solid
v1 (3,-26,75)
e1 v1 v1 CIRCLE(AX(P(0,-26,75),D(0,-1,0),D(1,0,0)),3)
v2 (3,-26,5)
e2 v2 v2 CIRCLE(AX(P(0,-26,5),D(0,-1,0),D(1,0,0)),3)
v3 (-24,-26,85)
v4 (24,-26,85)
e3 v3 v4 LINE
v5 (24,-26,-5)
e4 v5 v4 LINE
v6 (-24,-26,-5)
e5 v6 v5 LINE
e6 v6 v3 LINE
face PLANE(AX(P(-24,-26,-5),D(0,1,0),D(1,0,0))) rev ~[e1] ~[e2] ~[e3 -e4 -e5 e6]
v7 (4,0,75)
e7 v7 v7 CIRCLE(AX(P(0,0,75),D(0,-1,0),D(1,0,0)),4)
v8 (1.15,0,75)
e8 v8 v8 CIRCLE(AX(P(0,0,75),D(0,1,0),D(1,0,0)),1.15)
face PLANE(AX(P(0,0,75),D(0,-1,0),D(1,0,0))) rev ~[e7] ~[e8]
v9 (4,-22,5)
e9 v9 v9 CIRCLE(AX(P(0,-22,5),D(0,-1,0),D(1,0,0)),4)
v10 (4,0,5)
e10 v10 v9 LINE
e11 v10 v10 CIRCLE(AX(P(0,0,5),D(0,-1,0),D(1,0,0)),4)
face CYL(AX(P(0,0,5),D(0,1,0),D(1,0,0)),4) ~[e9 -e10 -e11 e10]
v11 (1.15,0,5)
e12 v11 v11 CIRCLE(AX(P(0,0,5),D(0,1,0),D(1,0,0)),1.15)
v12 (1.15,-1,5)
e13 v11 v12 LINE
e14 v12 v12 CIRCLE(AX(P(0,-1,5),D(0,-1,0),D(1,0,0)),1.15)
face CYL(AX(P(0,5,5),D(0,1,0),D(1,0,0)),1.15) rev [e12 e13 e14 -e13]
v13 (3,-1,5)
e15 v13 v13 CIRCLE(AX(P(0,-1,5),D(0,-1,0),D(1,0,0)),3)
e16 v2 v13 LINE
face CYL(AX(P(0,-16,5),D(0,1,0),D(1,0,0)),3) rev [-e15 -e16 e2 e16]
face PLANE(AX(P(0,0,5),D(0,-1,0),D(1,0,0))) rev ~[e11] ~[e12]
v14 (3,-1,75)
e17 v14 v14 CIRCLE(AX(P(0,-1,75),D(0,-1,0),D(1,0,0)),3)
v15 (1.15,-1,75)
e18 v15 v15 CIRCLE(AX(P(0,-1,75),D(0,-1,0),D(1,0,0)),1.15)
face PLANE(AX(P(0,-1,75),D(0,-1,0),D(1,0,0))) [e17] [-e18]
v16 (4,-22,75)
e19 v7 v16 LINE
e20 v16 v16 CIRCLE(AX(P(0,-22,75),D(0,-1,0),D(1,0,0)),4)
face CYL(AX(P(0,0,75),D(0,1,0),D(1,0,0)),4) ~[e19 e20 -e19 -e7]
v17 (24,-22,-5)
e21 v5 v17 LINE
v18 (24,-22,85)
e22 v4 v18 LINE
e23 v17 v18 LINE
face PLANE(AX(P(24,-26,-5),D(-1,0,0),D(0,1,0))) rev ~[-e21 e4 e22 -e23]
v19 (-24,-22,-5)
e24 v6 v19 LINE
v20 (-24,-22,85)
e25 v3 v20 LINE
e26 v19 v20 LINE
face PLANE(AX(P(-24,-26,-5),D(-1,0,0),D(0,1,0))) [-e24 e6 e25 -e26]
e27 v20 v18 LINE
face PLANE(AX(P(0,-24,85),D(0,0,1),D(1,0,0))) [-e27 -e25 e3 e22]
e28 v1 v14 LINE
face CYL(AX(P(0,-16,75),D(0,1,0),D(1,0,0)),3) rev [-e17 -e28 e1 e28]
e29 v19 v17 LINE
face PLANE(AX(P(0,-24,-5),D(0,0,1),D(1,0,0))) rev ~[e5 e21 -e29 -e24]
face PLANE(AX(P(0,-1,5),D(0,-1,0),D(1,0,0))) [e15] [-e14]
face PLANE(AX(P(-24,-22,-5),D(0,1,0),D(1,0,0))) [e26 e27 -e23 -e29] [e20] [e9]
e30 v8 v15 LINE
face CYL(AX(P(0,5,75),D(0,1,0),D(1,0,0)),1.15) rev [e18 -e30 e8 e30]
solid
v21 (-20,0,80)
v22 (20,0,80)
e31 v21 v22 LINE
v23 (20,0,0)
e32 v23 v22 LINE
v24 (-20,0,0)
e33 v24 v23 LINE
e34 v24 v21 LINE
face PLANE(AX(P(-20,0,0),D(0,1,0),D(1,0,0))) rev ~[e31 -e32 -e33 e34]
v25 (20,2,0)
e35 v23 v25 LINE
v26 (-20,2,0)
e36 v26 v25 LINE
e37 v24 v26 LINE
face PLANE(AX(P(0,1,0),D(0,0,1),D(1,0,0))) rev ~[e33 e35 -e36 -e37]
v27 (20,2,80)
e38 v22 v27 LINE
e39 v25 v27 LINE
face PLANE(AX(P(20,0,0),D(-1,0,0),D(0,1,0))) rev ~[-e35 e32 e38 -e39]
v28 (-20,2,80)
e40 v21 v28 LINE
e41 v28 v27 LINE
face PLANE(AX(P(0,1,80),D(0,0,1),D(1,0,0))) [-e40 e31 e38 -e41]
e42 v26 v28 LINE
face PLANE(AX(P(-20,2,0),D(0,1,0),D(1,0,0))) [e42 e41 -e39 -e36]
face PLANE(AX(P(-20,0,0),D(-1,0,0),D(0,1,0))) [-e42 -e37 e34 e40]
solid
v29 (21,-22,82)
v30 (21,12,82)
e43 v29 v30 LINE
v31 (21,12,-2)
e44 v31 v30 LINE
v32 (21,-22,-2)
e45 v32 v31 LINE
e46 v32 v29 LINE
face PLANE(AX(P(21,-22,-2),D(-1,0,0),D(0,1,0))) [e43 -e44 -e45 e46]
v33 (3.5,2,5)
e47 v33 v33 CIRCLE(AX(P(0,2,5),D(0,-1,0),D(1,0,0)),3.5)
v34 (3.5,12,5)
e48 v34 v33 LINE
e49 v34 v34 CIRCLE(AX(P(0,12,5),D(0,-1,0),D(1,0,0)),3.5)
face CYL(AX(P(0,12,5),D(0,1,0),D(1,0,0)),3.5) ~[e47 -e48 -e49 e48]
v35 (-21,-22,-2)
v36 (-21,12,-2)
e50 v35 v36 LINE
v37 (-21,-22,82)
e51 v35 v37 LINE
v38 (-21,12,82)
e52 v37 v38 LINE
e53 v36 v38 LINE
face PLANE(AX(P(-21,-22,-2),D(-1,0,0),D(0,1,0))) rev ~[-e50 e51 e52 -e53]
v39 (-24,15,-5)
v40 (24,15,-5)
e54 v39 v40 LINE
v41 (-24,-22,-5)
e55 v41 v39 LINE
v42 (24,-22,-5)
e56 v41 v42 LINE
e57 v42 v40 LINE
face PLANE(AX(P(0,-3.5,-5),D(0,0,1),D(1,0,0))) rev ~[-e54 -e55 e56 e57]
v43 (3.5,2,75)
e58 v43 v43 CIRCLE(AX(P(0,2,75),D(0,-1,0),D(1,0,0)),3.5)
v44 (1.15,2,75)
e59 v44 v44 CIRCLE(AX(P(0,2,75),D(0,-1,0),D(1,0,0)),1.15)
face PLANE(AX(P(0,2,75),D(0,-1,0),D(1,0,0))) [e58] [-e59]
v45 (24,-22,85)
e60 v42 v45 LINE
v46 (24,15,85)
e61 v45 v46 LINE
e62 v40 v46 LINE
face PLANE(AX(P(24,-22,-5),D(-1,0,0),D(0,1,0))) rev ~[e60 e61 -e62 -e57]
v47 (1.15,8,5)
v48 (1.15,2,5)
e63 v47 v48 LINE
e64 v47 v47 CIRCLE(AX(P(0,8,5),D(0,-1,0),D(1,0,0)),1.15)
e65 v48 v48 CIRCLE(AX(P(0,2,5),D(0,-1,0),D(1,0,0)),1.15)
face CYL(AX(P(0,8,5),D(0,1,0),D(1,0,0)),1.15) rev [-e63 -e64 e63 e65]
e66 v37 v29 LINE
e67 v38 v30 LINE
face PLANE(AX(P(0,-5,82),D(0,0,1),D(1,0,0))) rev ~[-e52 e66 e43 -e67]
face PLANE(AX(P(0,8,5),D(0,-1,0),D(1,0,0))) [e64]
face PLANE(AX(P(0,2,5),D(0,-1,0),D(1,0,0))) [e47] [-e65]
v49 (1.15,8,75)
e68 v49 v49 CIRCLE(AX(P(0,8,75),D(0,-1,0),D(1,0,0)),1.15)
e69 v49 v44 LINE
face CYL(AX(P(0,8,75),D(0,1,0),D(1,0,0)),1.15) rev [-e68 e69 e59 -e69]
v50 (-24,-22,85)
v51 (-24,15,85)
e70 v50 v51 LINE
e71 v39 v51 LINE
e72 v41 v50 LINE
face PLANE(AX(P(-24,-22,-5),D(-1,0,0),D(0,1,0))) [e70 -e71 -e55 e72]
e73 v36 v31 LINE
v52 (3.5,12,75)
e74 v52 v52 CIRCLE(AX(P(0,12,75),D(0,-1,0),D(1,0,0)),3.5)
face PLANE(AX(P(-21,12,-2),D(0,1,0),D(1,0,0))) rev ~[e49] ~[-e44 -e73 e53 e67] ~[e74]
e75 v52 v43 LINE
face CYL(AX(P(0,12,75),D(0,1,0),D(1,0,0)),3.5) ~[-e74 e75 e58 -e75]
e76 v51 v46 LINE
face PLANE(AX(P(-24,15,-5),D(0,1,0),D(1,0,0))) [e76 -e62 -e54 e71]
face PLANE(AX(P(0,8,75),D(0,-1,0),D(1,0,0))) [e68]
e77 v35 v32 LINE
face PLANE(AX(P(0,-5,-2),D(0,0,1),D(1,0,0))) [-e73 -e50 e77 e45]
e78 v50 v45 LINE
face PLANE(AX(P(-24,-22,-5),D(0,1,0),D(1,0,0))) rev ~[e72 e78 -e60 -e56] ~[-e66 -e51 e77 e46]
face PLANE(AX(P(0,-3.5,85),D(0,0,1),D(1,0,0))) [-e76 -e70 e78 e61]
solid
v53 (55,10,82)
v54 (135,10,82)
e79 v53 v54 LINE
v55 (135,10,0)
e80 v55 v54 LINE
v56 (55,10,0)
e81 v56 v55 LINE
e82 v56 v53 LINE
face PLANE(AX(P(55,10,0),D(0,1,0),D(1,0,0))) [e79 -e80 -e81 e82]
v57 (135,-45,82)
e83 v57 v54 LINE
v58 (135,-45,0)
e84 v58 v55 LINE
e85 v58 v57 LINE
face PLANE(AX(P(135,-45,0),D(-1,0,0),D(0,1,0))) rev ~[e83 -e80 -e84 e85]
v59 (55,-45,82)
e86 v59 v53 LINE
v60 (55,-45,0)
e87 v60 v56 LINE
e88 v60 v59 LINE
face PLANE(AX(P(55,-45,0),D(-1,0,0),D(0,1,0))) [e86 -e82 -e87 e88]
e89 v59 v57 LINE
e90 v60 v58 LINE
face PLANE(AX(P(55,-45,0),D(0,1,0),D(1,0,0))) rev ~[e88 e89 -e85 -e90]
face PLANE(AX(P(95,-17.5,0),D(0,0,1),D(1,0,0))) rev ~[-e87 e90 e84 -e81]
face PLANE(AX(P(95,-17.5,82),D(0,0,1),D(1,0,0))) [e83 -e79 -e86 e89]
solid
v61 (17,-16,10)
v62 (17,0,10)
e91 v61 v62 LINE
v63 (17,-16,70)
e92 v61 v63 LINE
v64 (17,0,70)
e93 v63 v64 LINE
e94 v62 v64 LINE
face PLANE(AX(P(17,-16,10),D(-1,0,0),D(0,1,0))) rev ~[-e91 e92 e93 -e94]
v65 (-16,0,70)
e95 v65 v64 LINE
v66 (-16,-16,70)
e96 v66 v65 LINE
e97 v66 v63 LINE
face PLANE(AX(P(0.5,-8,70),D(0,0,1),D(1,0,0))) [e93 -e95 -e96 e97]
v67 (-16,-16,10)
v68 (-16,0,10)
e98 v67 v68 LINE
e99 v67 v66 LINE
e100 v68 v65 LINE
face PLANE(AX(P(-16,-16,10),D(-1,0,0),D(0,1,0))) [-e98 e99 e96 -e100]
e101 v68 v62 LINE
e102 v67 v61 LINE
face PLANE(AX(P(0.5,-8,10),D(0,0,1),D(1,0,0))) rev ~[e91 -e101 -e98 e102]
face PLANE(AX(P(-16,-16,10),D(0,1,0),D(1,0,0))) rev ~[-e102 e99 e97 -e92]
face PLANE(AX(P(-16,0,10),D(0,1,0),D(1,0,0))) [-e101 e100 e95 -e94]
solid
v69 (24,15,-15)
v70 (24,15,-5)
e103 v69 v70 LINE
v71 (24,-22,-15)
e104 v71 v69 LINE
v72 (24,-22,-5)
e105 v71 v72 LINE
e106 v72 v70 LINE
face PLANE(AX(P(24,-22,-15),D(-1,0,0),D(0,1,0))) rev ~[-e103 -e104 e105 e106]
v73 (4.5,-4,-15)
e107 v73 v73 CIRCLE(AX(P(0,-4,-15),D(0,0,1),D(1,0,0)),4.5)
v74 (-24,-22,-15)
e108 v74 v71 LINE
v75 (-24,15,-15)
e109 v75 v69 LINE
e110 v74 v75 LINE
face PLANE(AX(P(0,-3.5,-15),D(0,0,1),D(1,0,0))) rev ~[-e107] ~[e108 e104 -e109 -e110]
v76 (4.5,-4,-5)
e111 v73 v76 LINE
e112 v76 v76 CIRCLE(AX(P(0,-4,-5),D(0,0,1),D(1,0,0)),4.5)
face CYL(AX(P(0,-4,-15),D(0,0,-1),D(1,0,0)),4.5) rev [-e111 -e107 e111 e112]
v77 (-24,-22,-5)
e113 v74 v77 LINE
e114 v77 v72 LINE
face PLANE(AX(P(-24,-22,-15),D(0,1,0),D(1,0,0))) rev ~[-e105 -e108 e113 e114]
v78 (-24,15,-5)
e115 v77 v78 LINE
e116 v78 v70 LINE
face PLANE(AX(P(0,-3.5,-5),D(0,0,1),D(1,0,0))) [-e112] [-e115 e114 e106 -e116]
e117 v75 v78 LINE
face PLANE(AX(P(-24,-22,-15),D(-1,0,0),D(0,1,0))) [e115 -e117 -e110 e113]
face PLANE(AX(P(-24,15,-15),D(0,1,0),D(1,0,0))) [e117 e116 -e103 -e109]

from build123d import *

# Parameters (mm, degrees)
BOX_W                  = 40
BOX_H                  = 2
BOX_DEPTH              = 80
BOX001_W               = 33
BOX001_H               = 16
BOX001_DEPTH           = 60
BOX002_W               = 80
BOX002_H               = 55
BOX002_DEPTH           = 82
CYLINDER016_R          = 3
CYLINDER016_DEPTH      = 10
CYLINDER016_ROLL_ANGLE = 90
CYLINDER015_R          = 3
CYLINDER015_DEPTH      = 10
CYLINDER015_ROLL_ANGLE = 90
BOX005_W               = 48
BOX005_H               = 4
BOX005_DEPTH           = 90
CYLINDER014_R          = 3
CYLINDER014_DEPTH      = 22
CYLINDER014_ROLL_ANGLE = 90
CYLINDER012_R          = 1.15
CYLINDER012_DEPTH      = 6
CYLINDER012_ROLL_ANGLE = 90
CYLINDER011_R          = 4
CYLINDER011_DEPTH      = 22
CYLINDER011_ROLL_ANGLE = 90
CYLINDER_R             = 3
CYLINDER_DEPTH         = 22
CYLINDER_ROLL_ANGLE    = 90
CYLINDER013_R          = 1.15
CYLINDER013_DEPTH      = 6
CYLINDER013_ROLL_ANGLE = 90
CYLINDER010_R          = 4
CYLINDER010_DEPTH      = 22
CYLINDER010_ROLL_ANGLE = 90
CYLINDER005_R          = 1.15
CYLINDER005_DEPTH      = 6
CYLINDER005_ROLL_ANGLE = 90
CYLINDER004_R          = 1.15
CYLINDER004_DEPTH      = 6
CYLINDER004_ROLL_ANGLE = 90
CYLINDER003_R          = 3.5
CYLINDER003_DEPTH      = 10
CYLINDER003_ROLL_ANGLE = 90
CYLINDER002_R          = 3.5
CYLINDER002_DEPTH      = 10
CYLINDER002_ROLL_ANGLE = 90
BOX004_W               = 42
BOX004_H               = 34
BOX004_DEPTH           = 84
BOX003_W               = 48
BOX003_H               = 37
BOX003_DEPTH           = 90
CYLINDER017_R          = 4.5
CYLINDER017_DEPTH      = 10
BOX006_W               = 48
BOX006_H               = 37
BOX006_DEPTH           = 10


with BuildPart() as pcb:
    # Box → Box (new body)
    with BuildSketch(Plane(origin=(-20, 0, 0), x_dir=(1, 0, 0), z_dir=(0, 0, 1))):
        with Locations((20, 1)):
            Rectangle(BOX_W, BOX_H)
    extrude(amount=BOX_DEPTH)


with BuildPart() as aa_battery:
    # Box001 → Box001 (new body)
    with BuildSketch(Plane(origin=(-16, -16, 10), x_dir=(1, 0, 0), z_dir=(0, 0, 1))):
        with Locations((16.5, 8)):
            Rectangle(BOX001_W, BOX001_H)
    extrude(amount=BOX001_DEPTH)


with BuildPart() as g366:
    # Box002 → Box002 (new body)
    with BuildSketch(Plane(origin=(55, -45, 0), x_dir=(1, 0, 0), z_dir=(0, 0, 1))):
        with Locations((40, 27.5)):
            Rectangle(BOX002_W, BOX002_H)
    extrude(amount=BOX002_DEPTH)


with BuildPart() as back_mount_cut004:
    # Cylinder016 → Cylinder016 (new body)
    with BuildSketch(Plane.XY):
        Circle(CYLINDER016_R)
    extrude(amount=CYLINDER016_DEPTH)


with BuildPart() as back_mount_cut004_1:
    # Cylinder016 roll: moved
    add(back_mount_cut004.part.rotate(Axis((0, 0, 0), (1, 0, 0)), CYLINDER016_ROLL_ANGLE))


with BuildPart() as back_mount_cut004_2:
    # Cylinder016 placement: moved
    add(back_mount_cut004_1.part.moved(Location((0, -16, 5))))


with BuildPart() as fusion006:
    # Cylinder015 → Cylinder015 (new body)
    with BuildSketch(Plane.XY):
        Circle(CYLINDER015_R)
    extrude(amount=CYLINDER015_DEPTH)


with BuildPart() as fusion006_1:
    # Cylinder015 roll: moved
    add(fusion006.part.rotate(Axis((0, 0, 0), (1, 0, 0)), CYLINDER015_ROLL_ANGLE))


with BuildPart() as fusion006_2:
    # Cylinder015 placement: moved
    add(fusion006_1.part.moved(Location((0, -16, 75))))

    # Fusion006: union Back_Mount_cut004
    add(back_mount_cut004_2.part)


with BuildPart() as cut003:
    # Box005 → Box005 (new body)
    with BuildSketch(Plane(origin=(-24, -26, -5), x_dir=(1, 0, 0), z_dir=(0, 0, 1))):
        with Locations((24, 2)):
            Rectangle(BOX005_W, BOX005_H)
    extrude(amount=BOX005_DEPTH)

    # Cut003: cut Fusion006
    add(fusion006_2.part, mode=Mode.SUBTRACT)


with BuildPart() as cylinder014:
    # Cylinder014 → Cylinder014 (new body)
    with BuildSketch(Plane.XY):
        Circle(CYLINDER014_R)
    extrude(amount=CYLINDER014_DEPTH)


with BuildPart() as cylinder014_1:
    # Cylinder014 roll: moved
    add(cylinder014.part.rotate(Axis((0, 0, 0), (1, 0, 0)), CYLINDER014_ROLL_ANGLE))


with BuildPart() as cylinder014_2:
    # Cylinder014 placement: moved
    add(cylinder014_1.part.moved(Location((0, -1, 5))))


with BuildPart() as fusion004:
    # Cylinder012 → Cylinder012 (new body)
    with BuildSketch(Plane.XY):
        Circle(CYLINDER012_R)
    extrude(amount=CYLINDER012_DEPTH)


with BuildPart() as fusion004_1:
    # Cylinder012 roll: moved
    add(fusion004.part.rotate(Axis((0, 0, 0), (1, 0, 0)), CYLINDER012_ROLL_ANGLE))


with BuildPart() as fusion004_2:
    # Cylinder012 placement: moved
    add(fusion004_1.part.moved(Location((0, 5, 5))))

    # Fusion004: union Cylinder014
    add(cylinder014_2.part)


with BuildPart() as cut001:
    # Cylinder011 → Cylinder011 (new body)
    with BuildSketch(Plane.XY):
        Circle(CYLINDER011_R)
    extrude(amount=CYLINDER011_DEPTH)


with BuildPart() as cut001_1:
    # Cylinder011 roll: moved
    add(cut001.part.rotate(Axis((0, 0, 0), (1, 0, 0)), CYLINDER011_ROLL_ANGLE))


with BuildPart() as cut001_2:
    # Cylinder011 placement: moved
    add(cut001_1.part.moved(Location((0, 0, 5))))

    # Cut001: cut Fusion004
    add(fusion004_2.part, mode=Mode.SUBTRACT)


with BuildPart() as cylinder:
    # Cylinder → Cylinder (new body)
    with BuildSketch(Plane.XY):
        Circle(CYLINDER_R)
    extrude(amount=CYLINDER_DEPTH)


with BuildPart() as cylinder_1:
    # Cylinder roll: moved
    add(cylinder.part.rotate(Axis((0, 0, 0), (1, 0, 0)), CYLINDER_ROLL_ANGLE))


with BuildPart() as cylinder_2:
    # Cylinder placement: moved
    add(cylinder_1.part.moved(Location((0, -1, 75))))


with BuildPart() as fusion:
    # Cylinder013 → Cylinder013 (new body)
    with BuildSketch(Plane.XY):
        Circle(CYLINDER013_R)
    extrude(amount=CYLINDER013_DEPTH)


with BuildPart() as fusion_1:
    # Cylinder013 roll: moved
    add(fusion.part.rotate(Axis((0, 0, 0), (1, 0, 0)), CYLINDER013_ROLL_ANGLE))


with BuildPart() as fusion_2:
    # Cylinder013 placement: moved
    add(fusion_1.part.moved(Location((0, 5, 75))))

    # Fusion: union Cylinder
    add(cylinder_2.part)


with BuildPart() as back:
    # Cylinder010 → Cylinder010 (new body)
    with BuildSketch(Plane.XY):
        Circle(CYLINDER010_R)
    extrude(amount=CYLINDER010_DEPTH)


with BuildPart() as back_1:
    # Cylinder010 roll: moved
    add(back.part.rotate(Axis((0, 0, 0), (1, 0, 0)), CYLINDER010_ROLL_ANGLE))


with BuildPart() as back_2:
    # Cylinder010 placement: moved
    add(back_1.part.moved(Location((0, 0, 75))))

    # Cut002: cut Fusion
    add(fusion_2.part, mode=Mode.SUBTRACT)

    # Fusion005: union Cut001
    add(cut001_2.part)

    # Fusion007: union Cut003
    add(cut003.part)


with BuildPart() as pcb_mount_cut2:
    # Cylinder005 → Cylinder005 (new body)
    with BuildSketch(Plane.XY):
        Circle(CYLINDER005_R)
    extrude(amount=CYLINDER005_DEPTH)


with BuildPart() as pcb_mount_cut2_1:
    # Cylinder005 roll: moved
    add(pcb_mount_cut2.part.rotate(Axis((0, 0, 0), (1, 0, 0)), CYLINDER005_ROLL_ANGLE))


with BuildPart() as pcb_mount_cut2_2:
    # Cylinder005 placement: moved
    add(pcb_mount_cut2_1.part.moved(Location((0, 8, 5))))


with BuildPart() as fusion003:
    # Cylinder004 → Cylinder004 (new body)
    with BuildSketch(Plane.XY):
        Circle(CYLINDER004_R)
    extrude(amount=CYLINDER004_DEPTH)


with BuildPart() as fusion003_1:
    # Cylinder004 roll: moved
    add(fusion003.part.rotate(Axis((0, 0, 0), (1, 0, 0)), CYLINDER004_ROLL_ANGLE))


with BuildPart() as fusion003_2:
    # Cylinder004 placement: moved
    add(fusion003_1.part.moved(Location((0, 8, 75))))

    # Fusion003: union PCB Mount_cut2
    add(pcb_mount_cut2_2.part)


with BuildPart() as pcb_mount2:
    # Cylinder003 → Cylinder003 (new body)
    with BuildSketch(Plane.XY):
        Circle(CYLINDER003_R)
    extrude(amount=CYLINDER003_DEPTH)


with BuildPart() as pcb_mount2_1:
    # Cylinder003 roll: moved
    add(pcb_mount2.part.rotate(Axis((0, 0, 0), (1, 0, 0)), CYLINDER003_ROLL_ANGLE))


with BuildPart() as pcb_mount2_2:
    # Cylinder003 placement: moved
    add(pcb_mount2_1.part.moved(Location((0, 12, 5))))


with BuildPart() as cut004:
    # Cylinder002 → Cylinder002 (new body)
    with BuildSketch(Plane.XY):
        Circle(CYLINDER002_R)
    extrude(amount=CYLINDER002_DEPTH)


with BuildPart() as cut004_1:
    # Cylinder002 roll: moved
    add(cut004.part.rotate(Axis((0, 0, 0), (1, 0, 0)), CYLINDER002_ROLL_ANGLE))


with BuildPart() as cut004_2:
    # Cylinder002 placement: moved
    add(cut004_1.part.moved(Location((0, 12, 75))))

    # Fusion008: union PCB Mount2
    add(pcb_mount2_2.part)

    # Cut004: cut Fusion003
    add(fusion003_2.part, mode=Mode.SUBTRACT)


with BuildPart() as cube001:
    # Box004 → Box004 (new body)
    with BuildSketch(Plane(origin=(-21, -22, -2), x_dir=(1, 0, 0), z_dir=(0, 0, 1))):
        with Locations((21, 17)):
            Rectangle(BOX004_W, BOX004_H)
    extrude(amount=BOX004_DEPTH)


with BuildPart() as front:
    # Box003 → Box003 (new body)
    with BuildSketch(Plane(origin=(-24, -22, -5), x_dir=(1, 0, 0), z_dir=(0, 0, 1))):
        with Locations((24, 18.5)):
            Rectangle(BOX003_W, BOX003_H)
    extrude(amount=BOX003_DEPTH)

    # Cut: cut Cube001
    add(cube001.part, mode=Mode.SUBTRACT)

    # Fusion009: union Cut004
    add(cut004_2.part)


with BuildPart() as cylinder017:
    # Cylinder017 → Cylinder017 (new body)
    with BuildSketch(Plane(origin=(0, -4, -15), x_dir=(1, 0, 0), z_dir=(0, 0, 1))):
        Circle(CYLINDER017_R)
    extrude(amount=CYLINDER017_DEPTH)


with BuildPart() as basewcut:
    # Box006 → Box006 (new body)
    with BuildSketch(Plane(origin=(-24, -22, -15), x_dir=(1, 0, 0), z_dir=(0, 0, 1))):
        with Locations((24, 18.5)):
            Rectangle(BOX006_W, BOX006_H)
    extrude(amount=BOX006_DEPTH)

    # Cut005: cut Cylinder017
    add(cylinder017.part, mode=Mode.SUBTRACT)


solid = Compound([pcb.part, aa_battery.part, g366.part, back_2.part, front.part, basewcut.part])
